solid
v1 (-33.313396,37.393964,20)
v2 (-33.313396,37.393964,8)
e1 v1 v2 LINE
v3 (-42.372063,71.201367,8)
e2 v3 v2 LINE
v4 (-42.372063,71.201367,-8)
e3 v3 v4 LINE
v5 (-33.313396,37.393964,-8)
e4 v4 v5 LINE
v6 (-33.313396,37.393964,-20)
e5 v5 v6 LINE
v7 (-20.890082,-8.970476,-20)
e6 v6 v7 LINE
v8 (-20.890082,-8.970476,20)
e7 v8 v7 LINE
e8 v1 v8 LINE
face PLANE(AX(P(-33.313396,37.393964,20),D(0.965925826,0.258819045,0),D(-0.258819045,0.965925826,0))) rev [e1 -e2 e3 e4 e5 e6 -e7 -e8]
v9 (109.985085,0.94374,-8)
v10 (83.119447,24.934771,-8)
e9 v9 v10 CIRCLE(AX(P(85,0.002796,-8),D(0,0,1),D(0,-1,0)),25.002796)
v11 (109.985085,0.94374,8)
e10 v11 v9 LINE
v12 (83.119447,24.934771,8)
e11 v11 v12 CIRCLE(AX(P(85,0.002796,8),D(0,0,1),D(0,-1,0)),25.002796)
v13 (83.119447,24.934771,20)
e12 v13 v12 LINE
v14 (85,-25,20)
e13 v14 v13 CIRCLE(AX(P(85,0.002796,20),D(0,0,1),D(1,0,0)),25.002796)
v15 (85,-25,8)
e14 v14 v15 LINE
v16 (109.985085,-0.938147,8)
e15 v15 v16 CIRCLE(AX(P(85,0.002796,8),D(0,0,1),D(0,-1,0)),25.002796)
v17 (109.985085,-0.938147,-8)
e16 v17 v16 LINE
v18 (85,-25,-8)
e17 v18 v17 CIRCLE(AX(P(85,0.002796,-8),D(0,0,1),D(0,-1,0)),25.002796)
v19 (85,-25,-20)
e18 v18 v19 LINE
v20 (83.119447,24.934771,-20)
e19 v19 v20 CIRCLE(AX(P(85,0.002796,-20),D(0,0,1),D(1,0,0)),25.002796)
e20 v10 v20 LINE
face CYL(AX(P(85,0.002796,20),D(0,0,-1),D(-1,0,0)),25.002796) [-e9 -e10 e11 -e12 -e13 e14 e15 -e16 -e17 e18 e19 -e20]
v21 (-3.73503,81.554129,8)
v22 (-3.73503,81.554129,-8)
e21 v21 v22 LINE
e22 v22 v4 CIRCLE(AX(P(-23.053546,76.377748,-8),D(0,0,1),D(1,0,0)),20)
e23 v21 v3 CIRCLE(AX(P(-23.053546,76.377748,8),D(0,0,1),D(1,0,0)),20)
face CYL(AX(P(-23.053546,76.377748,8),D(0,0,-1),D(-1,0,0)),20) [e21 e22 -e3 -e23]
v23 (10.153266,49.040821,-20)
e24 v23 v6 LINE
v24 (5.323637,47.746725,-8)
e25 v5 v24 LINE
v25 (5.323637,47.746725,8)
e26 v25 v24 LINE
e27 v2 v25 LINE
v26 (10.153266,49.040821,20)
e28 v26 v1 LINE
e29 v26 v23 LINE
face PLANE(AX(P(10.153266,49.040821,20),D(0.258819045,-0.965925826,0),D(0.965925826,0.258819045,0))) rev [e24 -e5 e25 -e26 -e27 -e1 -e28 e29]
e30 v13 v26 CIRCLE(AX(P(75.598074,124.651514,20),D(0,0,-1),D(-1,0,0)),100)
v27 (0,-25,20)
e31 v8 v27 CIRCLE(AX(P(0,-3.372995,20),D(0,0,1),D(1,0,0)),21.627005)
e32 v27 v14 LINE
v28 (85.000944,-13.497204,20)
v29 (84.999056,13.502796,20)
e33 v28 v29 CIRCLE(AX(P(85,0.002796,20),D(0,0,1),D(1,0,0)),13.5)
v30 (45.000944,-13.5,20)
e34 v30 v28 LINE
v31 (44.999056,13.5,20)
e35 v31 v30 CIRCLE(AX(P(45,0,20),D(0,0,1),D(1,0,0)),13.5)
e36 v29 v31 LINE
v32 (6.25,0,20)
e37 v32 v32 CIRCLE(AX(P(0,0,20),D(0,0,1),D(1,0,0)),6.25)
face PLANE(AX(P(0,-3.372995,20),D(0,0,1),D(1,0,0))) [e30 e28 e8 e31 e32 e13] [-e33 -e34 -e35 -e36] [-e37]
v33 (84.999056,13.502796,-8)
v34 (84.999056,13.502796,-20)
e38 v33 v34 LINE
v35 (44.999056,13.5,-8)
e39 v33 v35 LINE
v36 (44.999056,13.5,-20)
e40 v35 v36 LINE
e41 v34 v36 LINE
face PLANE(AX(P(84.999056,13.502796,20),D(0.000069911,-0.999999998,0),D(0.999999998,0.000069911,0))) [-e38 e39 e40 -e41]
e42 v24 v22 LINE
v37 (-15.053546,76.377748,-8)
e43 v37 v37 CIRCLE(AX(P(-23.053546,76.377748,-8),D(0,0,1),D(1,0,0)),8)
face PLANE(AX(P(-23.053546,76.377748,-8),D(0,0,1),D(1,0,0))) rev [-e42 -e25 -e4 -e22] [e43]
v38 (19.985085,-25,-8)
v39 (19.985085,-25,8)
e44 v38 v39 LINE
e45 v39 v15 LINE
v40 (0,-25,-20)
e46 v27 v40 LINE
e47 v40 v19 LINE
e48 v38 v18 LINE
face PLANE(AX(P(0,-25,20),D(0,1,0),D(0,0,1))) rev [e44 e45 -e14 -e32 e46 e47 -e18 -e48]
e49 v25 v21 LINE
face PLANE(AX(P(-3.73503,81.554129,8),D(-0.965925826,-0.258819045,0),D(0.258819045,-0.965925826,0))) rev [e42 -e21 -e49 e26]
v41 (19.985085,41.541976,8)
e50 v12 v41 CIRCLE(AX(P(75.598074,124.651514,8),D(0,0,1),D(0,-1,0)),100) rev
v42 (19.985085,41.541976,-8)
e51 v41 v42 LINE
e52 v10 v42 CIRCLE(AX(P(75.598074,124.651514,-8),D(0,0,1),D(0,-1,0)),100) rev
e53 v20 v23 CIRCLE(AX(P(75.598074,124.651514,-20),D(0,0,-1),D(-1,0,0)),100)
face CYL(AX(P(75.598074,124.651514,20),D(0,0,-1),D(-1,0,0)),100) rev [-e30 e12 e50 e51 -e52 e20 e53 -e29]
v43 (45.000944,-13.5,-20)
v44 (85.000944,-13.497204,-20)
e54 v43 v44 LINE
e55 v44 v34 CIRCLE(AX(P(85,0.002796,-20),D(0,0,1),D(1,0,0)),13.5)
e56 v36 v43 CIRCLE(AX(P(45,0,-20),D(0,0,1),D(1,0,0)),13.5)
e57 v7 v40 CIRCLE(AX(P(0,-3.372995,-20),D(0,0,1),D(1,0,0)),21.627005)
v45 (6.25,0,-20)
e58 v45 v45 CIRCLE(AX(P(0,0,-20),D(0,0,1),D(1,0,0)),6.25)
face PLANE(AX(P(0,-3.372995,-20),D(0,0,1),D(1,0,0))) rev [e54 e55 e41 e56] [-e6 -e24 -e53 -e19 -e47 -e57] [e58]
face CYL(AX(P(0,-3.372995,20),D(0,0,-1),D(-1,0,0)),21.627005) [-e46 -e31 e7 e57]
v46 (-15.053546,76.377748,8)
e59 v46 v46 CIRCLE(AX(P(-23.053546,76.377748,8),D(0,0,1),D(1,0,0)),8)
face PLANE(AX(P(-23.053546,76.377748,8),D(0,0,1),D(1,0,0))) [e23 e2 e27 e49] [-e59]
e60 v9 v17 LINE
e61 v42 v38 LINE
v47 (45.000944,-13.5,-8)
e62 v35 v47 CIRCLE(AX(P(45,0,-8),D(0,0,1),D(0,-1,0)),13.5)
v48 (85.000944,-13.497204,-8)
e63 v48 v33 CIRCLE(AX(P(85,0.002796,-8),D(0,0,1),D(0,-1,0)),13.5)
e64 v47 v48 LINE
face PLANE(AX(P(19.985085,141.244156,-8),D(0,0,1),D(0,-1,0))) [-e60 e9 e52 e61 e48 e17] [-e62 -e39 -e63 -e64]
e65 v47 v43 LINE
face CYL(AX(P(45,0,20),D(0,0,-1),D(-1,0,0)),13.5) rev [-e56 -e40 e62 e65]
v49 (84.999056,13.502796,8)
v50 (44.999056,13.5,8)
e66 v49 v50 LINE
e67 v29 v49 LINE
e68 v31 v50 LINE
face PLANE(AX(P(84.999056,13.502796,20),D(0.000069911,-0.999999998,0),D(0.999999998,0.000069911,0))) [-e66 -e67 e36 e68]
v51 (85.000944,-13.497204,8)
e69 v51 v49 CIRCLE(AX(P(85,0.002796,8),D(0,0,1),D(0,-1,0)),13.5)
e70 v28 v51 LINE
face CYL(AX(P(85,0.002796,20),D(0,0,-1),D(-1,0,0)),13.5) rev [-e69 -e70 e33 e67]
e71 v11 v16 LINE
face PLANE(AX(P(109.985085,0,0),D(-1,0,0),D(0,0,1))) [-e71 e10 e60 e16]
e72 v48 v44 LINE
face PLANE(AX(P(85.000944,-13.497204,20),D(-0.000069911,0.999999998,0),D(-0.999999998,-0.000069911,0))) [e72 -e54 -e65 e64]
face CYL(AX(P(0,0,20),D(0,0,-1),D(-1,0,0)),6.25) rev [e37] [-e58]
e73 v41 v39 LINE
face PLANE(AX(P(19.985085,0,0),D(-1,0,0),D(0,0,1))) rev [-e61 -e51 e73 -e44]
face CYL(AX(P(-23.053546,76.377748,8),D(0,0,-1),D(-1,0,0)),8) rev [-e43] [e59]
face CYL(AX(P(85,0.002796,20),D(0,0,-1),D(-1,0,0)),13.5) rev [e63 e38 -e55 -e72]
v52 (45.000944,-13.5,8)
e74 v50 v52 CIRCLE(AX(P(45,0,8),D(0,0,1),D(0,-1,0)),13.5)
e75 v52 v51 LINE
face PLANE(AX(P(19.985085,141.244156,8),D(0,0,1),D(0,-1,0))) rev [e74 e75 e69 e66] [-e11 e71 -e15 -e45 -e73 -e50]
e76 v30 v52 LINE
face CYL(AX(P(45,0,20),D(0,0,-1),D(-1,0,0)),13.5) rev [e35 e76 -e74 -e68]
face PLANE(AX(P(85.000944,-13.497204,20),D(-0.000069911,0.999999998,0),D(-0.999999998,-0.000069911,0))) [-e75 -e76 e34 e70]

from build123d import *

# Parameters (mm, degrees)
SKETCH1_R           = 6.25
BOSS_EXTRUDE1_DEPTH = 20
SKETCH2_R           = 8
BOSS_EXTRUDE2_DEPTH = 8
SKETCH3_W           = 16
SKETCH3_H           = 332.488311808
CUT_EXTRUDE1_DEPTH  = 90


with BuildPart() as part:
    # Sketch1 → Boss-Extrude1 (new, symmetric)
    with BuildSketch(Plane.XY):
        with BuildLine():
            Line((0, -25), (85, -25))
            ThreePointArc((85, -25), (109.985084644, 0.943739672), (83.11944661, 24.934770827))
            ThreePointArc((83.11944661, 24.934770827), (44.228399081, 29.699192353), (10.153265793, 49.040820564))
            Line((10.153265793, 49.040820564), (-33.31339639, 37.393963534))
            Line((-33.31339639, 37.393963534), (-20.890082225, -8.970476128))
            ThreePointArc((-20.890082225, -8.970476128), (-13.165686186, -20.530851753), (0, -25))
        make_face()
        Circle(SKETCH1_R, mode=Mode.SUBTRACT)
        with BuildLine():
            Line((85.000943792, -13.497203546), (45.00094389, -13.499999967))
            ThreePointArc((45.00094389, -13.499999967), (31.500000131, -0.000943792), (44.999056306, 13.499999967))
            Line((44.999056306, 13.499999967), (84.999056208, 13.502796388))
            ThreePointArc((84.999056208, 13.502796388), (98.499999967, 0.003740213), (85.000943792, -13.497203546))
        make_face(mode=Mode.SUBTRACT)
    extrude(amount=BOSS_EXTRUDE1_DEPTH, both=True)

    # Sketch2 → Boss-Extrude2 (add, symmetric)
    with BuildSketch(Plane.XY):
        with BuildLine():
            Line((-33.31339639, 37.393963534), (-42.372062969, 71.201367454))
            ThreePointArc((-42.372062969, 71.201367454), (-28.229927345, 95.696264882), (-3.735029917, 81.554129259))
            Line((-3.735029917, 81.554129259), (5.323636662, 47.746725338))
            Line((5.323636662, 47.746725338), (-33.31339639, 37.393963534))
        make_face()
        with Locations((-23.053546443, 76.377748356)):
            Circle(SKETCH2_R, mode=Mode.SUBTRACT)
    extrude(amount=BOSS_EXTRUDE2_DEPTH, both=True)

    # Sketch3 → Cut-Extrude1 (cut)
    with BuildSketch(Plane(origin=(109.985084644, 0, 0), x_dir=(0, 0, -1), z_dir=(1, 0, 0))):
        with Locations((0, -25)):
            Rectangle(SKETCH3_W, SKETCH3_H)
    extrude(amount=-CUT_EXTRUDE1_DEPTH, mode=Mode.SUBTRACT)


solid = part.part
